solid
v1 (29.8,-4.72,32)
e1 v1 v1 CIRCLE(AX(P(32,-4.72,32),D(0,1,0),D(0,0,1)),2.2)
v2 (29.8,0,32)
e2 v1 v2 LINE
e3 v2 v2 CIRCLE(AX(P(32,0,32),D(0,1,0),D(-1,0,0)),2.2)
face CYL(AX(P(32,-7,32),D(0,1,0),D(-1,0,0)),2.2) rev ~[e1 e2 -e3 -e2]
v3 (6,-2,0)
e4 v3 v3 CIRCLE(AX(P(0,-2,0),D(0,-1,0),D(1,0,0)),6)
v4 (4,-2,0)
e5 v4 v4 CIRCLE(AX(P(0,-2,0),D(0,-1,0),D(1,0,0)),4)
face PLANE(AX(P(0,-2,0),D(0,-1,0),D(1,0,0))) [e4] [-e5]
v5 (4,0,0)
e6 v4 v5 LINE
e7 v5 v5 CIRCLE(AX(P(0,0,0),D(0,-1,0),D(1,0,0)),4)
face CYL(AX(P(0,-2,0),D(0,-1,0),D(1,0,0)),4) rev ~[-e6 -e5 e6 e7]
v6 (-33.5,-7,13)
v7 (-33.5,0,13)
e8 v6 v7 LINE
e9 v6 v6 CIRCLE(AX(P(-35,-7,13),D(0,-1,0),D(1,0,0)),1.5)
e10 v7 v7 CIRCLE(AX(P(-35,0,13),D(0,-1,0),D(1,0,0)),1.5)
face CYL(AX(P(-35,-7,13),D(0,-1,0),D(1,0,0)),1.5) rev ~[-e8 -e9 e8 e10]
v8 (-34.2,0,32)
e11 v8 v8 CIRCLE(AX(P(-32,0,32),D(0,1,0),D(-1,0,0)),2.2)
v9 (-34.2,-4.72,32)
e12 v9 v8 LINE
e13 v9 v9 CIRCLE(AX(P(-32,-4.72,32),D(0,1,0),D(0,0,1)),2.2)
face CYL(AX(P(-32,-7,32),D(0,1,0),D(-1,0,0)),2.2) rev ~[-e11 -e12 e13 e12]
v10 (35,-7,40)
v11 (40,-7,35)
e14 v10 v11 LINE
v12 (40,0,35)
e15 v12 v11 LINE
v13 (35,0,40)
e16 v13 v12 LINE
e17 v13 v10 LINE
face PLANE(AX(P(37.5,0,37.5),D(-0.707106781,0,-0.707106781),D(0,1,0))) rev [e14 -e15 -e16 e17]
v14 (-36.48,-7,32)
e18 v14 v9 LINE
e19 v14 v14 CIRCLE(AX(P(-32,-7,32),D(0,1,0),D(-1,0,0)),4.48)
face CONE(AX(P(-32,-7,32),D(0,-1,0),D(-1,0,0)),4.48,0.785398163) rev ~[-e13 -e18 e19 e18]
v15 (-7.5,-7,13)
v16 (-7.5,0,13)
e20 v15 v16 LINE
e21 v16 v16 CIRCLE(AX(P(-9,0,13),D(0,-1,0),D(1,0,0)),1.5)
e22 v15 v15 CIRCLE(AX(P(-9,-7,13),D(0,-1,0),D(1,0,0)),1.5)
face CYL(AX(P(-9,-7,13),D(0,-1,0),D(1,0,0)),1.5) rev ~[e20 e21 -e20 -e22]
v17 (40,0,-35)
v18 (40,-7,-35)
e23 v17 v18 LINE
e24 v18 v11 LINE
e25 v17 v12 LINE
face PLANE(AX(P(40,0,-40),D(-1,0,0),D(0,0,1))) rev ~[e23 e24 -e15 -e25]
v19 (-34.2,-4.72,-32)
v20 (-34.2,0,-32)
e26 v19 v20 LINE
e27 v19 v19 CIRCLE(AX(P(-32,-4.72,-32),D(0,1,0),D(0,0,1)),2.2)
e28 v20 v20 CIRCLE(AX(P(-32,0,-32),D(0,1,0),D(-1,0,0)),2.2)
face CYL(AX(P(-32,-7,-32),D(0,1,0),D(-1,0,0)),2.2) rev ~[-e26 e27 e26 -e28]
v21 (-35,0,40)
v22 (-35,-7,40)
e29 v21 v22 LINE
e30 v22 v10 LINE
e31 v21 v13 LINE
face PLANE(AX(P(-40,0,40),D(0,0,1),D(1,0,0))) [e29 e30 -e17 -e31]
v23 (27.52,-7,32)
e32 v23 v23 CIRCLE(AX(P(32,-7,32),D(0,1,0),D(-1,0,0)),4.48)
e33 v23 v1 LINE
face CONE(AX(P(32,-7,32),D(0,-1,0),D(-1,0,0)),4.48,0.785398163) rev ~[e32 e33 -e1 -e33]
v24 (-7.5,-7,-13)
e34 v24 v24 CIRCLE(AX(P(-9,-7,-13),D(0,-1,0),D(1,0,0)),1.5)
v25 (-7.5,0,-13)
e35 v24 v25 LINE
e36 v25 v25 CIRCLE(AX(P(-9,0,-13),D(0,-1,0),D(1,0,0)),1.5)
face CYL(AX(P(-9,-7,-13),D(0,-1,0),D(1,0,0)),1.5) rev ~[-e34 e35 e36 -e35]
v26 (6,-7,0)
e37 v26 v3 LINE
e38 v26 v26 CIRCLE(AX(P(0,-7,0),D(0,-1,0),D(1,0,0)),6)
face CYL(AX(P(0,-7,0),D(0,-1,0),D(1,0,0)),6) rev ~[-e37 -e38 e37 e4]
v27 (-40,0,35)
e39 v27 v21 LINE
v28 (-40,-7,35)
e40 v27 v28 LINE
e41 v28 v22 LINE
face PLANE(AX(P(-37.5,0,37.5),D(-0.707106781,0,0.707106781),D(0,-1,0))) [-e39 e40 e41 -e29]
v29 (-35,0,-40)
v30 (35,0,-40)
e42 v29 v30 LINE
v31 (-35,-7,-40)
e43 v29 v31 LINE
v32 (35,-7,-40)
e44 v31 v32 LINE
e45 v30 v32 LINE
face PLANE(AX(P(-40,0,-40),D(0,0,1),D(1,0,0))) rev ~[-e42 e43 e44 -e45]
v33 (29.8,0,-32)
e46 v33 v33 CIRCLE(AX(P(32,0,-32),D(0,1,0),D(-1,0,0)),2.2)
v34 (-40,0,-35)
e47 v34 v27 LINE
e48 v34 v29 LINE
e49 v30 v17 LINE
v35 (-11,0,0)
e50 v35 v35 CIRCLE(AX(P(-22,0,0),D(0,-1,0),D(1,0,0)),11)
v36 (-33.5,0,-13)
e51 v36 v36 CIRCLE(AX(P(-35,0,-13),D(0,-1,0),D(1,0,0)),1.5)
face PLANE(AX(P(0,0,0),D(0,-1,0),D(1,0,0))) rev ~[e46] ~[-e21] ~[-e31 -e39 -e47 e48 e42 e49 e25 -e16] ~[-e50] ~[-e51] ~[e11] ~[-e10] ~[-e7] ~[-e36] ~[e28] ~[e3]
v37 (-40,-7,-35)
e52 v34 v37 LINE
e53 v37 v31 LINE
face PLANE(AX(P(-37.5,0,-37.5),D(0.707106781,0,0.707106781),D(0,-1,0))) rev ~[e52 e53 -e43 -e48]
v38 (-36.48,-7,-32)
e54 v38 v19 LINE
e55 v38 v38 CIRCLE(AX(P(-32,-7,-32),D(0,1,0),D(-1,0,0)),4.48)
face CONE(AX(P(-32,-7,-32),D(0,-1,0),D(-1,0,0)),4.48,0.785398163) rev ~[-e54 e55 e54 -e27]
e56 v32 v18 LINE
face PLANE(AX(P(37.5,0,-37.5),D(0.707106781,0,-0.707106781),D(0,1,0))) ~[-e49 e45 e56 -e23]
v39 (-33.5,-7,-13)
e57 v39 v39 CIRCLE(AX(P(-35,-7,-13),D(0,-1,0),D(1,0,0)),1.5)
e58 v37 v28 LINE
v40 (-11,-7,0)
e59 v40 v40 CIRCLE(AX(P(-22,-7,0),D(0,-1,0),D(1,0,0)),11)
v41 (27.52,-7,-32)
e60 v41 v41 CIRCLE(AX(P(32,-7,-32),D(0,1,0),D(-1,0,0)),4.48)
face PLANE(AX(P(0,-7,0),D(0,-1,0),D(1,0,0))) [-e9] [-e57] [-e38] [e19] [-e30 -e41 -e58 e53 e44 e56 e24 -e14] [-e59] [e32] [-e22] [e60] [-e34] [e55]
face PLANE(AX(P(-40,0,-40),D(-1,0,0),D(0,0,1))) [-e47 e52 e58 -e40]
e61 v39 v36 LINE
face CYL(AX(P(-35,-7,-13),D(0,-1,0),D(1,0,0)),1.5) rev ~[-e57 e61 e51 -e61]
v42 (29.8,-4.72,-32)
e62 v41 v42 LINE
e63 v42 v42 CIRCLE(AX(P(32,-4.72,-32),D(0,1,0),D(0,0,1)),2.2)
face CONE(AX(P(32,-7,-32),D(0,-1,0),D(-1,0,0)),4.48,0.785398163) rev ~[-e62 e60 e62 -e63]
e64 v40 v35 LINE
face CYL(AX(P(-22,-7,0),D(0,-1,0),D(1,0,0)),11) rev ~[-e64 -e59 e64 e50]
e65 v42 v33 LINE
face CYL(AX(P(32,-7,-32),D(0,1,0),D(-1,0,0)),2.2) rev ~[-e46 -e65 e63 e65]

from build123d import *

# Parameters (mm, degrees)
F0_W            = 80
F0_H            = 80
F1_DEPTH        = 7
F2_R            = 6
F3_DEPTH        = 5
F4_R            = 4
F5_DEPTH        = 2.001
F6_R            = 11
F6_R_2          = 1.5
F7_DEPTH        = 7.001
F8_SIZE         = 5
F10_D           = 4.4
F10_CSINK_D     = 8.96
F10_CSINK_ANGLE = 90


with BuildPart() as f1:
    # F0 (on Front) → F1 (new body)
    with BuildSketch(Plane.XZ):
        Rectangle(F0_W, F0_H)
    extrude(amount=F1_DEPTH)

    # F2 (on face) → F3 (cut)
    with BuildSketch(Plane.XZ.offset(7)):
        Circle(F2_R)
    extrude(amount=-F3_DEPTH, mode=Mode.SUBTRACT)

    # F4 (on face) → F5 (cut, through all)
    with BuildSketch(Plane.XZ.offset(2)):
        Circle(F4_R)
    extrude(amount=-F5_DEPTH, mode=Mode.SUBTRACT)

    # F6 (on face) → F7 (cut, through all)
    with BuildSketch(Plane.XZ.offset(7)):
        with Locations((-22, 0)):
            Circle(F6_R)
        with Locations((-35, 13)):
            Circle(F6_R_2)
        with Locations((-35, -13)):
            Circle(F6_R_2)
        with Locations((-9, -13)):
            Circle(F6_R_2)
        with Locations((-9, 13)):
            Circle(F6_R_2)
    extrude(amount=-F7_DEPTH, mode=Mode.SUBTRACT)

    # F8
    f8_edges = [f1.edges().sort_by_distance(p)[0] for p in [
        (-40, -3.5, 40),
        (40, -3.5, 40),
        (-40, -3.5, -40),
        (40, -3.5, -40),
    ]]
    chamfer(f8_edges, length=F8_SIZE)

    # F10 (through all)
    with Locations(Plane.XZ.offset(7)):
        with Locations((-32, 32), (32, 32), (32, -32), (-32, -32)):
            CounterSinkHole(F10_D / 2, F10_CSINK_D / 2, counter_sink_angle=F10_CSINK_ANGLE)


solid = f1.part
